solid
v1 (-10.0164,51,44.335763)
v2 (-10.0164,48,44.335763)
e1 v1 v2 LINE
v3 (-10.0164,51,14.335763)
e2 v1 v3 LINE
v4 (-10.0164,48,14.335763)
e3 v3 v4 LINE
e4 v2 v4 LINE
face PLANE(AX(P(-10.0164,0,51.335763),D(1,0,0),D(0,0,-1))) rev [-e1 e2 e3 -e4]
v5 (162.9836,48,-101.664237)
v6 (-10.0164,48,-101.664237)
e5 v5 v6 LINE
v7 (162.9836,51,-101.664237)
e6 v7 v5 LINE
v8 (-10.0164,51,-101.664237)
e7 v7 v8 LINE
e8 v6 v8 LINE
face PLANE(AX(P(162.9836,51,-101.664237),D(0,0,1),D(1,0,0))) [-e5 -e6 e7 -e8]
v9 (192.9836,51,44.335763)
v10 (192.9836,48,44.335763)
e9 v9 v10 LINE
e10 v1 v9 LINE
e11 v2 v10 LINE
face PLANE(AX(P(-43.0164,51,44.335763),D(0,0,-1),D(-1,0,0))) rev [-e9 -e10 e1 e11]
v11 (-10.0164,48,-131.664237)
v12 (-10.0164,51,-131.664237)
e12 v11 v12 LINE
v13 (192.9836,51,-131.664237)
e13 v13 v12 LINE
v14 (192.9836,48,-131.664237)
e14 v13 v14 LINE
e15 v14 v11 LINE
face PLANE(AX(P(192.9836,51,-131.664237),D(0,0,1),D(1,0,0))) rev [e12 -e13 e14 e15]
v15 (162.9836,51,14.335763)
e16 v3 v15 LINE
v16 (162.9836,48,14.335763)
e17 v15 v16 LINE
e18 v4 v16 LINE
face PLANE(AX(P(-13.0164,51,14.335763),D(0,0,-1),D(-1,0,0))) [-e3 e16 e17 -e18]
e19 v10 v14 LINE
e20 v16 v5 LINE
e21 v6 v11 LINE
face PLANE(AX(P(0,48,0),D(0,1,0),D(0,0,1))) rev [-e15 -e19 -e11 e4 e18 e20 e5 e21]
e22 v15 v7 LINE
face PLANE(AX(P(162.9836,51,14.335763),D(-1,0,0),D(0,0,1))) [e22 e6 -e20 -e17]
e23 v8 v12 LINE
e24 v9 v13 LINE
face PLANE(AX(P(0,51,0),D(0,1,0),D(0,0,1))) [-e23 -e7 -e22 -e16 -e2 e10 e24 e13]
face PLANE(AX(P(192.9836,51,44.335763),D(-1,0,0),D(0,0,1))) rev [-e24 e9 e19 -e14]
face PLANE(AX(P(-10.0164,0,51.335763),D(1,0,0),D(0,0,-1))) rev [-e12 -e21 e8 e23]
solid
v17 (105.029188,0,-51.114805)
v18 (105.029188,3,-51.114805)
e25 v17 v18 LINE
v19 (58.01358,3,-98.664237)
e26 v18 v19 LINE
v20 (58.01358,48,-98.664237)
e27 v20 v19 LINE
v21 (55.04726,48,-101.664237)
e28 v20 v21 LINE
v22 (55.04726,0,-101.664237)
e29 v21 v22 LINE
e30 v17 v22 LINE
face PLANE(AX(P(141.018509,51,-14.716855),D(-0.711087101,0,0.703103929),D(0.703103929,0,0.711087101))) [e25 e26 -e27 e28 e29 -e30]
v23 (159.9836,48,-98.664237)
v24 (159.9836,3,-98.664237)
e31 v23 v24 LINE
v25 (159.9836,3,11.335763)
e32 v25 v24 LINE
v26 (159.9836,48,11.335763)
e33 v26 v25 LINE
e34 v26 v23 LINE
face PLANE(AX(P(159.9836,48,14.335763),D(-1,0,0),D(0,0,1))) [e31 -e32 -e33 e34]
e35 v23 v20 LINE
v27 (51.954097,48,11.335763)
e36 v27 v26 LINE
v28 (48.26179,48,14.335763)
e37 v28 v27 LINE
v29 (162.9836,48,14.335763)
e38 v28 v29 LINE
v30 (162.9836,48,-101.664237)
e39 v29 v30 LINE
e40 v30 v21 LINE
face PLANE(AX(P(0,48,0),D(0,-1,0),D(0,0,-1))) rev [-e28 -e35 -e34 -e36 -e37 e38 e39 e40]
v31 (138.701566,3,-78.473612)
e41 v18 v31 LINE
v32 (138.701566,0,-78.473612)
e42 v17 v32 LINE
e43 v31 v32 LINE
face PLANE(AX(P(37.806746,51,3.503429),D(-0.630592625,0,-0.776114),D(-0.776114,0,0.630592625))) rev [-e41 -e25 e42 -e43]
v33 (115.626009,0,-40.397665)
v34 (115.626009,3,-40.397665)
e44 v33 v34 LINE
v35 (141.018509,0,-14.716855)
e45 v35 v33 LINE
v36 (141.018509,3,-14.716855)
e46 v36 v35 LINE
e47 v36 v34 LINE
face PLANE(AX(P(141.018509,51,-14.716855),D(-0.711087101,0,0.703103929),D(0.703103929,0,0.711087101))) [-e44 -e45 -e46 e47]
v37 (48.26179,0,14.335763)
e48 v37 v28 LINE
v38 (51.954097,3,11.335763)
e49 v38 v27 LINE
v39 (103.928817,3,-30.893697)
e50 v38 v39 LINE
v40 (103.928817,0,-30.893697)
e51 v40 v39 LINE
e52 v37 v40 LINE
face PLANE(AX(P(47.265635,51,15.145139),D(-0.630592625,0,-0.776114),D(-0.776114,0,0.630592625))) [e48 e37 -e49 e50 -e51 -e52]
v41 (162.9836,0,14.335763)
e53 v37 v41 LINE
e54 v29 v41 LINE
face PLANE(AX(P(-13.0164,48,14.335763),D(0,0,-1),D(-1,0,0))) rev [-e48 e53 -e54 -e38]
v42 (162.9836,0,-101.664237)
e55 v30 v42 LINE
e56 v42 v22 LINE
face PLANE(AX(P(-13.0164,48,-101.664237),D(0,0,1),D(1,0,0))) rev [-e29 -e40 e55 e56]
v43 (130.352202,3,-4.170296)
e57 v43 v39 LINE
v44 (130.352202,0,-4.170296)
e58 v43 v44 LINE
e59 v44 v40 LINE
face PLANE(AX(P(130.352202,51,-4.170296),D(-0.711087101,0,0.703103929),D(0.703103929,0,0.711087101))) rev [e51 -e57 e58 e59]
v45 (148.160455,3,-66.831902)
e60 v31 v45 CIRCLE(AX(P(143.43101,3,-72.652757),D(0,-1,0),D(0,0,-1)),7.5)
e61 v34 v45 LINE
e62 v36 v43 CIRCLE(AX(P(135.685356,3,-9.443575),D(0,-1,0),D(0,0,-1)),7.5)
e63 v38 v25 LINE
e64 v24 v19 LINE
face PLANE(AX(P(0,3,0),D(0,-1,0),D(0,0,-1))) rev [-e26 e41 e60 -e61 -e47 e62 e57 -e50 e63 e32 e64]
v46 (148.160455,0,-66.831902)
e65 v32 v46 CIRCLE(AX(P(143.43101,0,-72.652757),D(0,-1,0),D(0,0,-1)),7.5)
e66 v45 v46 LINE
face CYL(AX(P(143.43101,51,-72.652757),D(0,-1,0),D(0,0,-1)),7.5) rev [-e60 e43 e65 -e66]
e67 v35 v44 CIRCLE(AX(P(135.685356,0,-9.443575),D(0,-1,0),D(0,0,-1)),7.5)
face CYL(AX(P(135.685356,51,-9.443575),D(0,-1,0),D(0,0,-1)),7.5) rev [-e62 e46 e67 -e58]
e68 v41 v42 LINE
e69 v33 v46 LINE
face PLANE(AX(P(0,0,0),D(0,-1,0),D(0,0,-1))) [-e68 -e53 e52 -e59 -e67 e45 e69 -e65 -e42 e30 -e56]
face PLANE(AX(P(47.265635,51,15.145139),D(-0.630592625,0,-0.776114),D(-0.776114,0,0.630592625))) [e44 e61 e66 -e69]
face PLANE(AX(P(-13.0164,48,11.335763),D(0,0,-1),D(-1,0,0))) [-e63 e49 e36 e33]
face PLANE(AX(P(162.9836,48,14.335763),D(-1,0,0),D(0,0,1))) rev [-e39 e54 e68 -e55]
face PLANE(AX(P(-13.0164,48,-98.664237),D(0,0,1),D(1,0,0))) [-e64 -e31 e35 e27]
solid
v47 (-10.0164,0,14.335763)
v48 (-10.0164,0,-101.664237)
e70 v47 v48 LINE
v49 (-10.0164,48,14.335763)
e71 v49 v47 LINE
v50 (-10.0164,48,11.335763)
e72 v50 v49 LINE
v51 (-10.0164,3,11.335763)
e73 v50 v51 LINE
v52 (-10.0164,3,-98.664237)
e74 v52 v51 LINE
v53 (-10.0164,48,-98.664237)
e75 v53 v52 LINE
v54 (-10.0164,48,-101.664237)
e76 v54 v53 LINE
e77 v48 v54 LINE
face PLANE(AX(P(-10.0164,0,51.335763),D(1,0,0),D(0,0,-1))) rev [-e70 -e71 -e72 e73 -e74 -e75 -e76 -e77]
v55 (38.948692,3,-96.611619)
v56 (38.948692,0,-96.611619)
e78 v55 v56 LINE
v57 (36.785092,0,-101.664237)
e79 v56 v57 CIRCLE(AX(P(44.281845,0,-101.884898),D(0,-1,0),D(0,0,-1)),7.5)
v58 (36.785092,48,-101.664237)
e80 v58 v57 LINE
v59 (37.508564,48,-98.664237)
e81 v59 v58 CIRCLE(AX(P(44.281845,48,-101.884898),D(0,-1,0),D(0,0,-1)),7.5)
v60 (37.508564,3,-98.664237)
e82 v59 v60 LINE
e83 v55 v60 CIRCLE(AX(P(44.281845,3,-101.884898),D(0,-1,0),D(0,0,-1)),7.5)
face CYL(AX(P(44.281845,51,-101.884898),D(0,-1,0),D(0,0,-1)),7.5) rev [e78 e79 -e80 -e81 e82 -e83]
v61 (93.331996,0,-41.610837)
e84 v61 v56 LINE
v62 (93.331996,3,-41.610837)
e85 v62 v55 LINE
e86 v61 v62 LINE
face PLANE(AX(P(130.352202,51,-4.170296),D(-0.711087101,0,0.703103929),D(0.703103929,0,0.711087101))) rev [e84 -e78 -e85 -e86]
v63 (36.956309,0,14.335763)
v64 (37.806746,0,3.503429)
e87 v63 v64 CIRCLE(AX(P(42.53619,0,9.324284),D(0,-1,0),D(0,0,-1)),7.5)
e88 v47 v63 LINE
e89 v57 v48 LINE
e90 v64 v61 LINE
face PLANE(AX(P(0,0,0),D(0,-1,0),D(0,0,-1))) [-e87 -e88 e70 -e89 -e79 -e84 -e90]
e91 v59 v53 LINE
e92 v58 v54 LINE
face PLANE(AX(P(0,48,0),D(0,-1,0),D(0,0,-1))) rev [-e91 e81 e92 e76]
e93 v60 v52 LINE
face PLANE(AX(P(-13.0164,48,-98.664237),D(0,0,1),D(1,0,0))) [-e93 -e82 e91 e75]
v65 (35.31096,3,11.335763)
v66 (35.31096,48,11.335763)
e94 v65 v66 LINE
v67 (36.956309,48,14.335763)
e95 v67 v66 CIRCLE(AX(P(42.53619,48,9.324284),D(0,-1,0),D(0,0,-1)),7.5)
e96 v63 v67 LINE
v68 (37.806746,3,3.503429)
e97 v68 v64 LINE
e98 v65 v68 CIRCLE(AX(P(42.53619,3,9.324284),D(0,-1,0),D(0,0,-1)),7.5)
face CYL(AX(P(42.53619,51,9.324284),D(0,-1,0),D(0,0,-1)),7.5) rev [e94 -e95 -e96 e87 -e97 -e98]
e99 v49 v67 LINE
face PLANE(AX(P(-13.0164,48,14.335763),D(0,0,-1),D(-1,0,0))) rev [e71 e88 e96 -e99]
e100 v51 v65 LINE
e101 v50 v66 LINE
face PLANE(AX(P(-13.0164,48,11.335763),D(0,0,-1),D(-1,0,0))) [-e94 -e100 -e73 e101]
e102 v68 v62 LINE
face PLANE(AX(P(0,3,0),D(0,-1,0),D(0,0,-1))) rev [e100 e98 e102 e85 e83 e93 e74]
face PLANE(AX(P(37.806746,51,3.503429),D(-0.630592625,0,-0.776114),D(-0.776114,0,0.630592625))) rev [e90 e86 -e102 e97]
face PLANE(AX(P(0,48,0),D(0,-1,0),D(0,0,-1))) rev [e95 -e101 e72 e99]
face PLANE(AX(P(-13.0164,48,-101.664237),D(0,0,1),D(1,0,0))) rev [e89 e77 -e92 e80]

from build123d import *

# Parameters (mm, degrees)
SKETCH1_W           = 176
SKETCH1_H           = 116
BOSS_EXTRUDE1_DEPTH = 48
SHELL1_T            = -3
SKETCH2_W           = 236
SKETCH2_H           = 176
SKETCH2_W_2         = 176
SKETCH2_H_2         = 116
BOSS_EXTRUDE2_DEPTH = 3
CUT_EXTRUDE1_DEPTH  = 240.121603348
CUT_EXTRUDE2_DEPTH  = 240.121603348


with BuildPart() as part:
    # Sketch1 → Boss-Extrude1 (new body)
    with BuildSketch(Plane(origin=(0, 0, 0), x_dir=(1, 0, 0), z_dir=(0, 1, 0))):
        with Locations((74.983600324, 43.664236579)):
            Rectangle(SKETCH1_W, SKETCH1_H)
    extrude(amount=BOSS_EXTRUDE1_DEPTH)

    # Shell1
    shell1_openings = [part.faces().sort_by_distance(p)[0] for p in [
        (74.983600324, 48, -43.664236579),
    ]]
    offset(amount=SHELL1_T, openings=shell1_openings, kind=Kind.INTERSECTION)


with BuildPart() as body_2:
    # Sketch2 → Boss-Extrude2 (new body)
    with BuildSketch(Plane(origin=(0, 48, 0), x_dir=(1, 0, 0), z_dir=(0, 1, 0))):
        with Locations((74.983600324, 43.664236579)):
            Rectangle(SKETCH2_W, SKETCH2_H)
        with Locations((74.983600324, 43.664236579)):
            Rectangle(SKETCH2_W_2, SKETCH2_H_2, mode=Mode.SUBTRACT)
    extrude(amount=BOSS_EXTRUDE2_DEPTH)


with BuildPart() as cut_extrude1_tool:
    # Sketch5 → Cut-Extrude1 (new, through all)
    with BuildSketch(Plane(origin=(0, 51, 0), x_dir=(1, 0, 0), z_dir=(0, 1, 0))):
        Polygon((-10.016399676, -51.335763421), (-10.016399676, 131.664236579), (-43.016399676, 131.664236579), (-43.016399676, -84.335763421), (-10.016399676, -84.335763421), align=None)
    extrude(amount=-CUT_EXTRUDE1_DEPTH)


with BuildPart() as part_1:
    add(part.part)

    # Cut-Extrude1: cut by cut_extrude1_tool
    add(cut_extrude1_tool.part, mode=Mode.SUBTRACT)

    # Sketch6 → Cut-Extrude2 (cut, through all)
    with BuildSketch(Plane.XZ):
        with BuildLine():
            Line((47.265635004, 15.145139053), (148.160455019, -66.831902209))
            ThreePointArc((148.160455019, -66.831902209), (149.251865332, -77.382201898), (138.701565643, -78.473612211))
            Line((138.701565643, -78.473612211), (37.806745628, 3.503429052))
            ThreePointArc((37.806745628, 3.503429052), (36.715335315, 14.053728741), (47.265635004, 15.145139053))
        make_face()
        with BuildLine():
            Line((141.018508979, -14.716854507), (49.614998177, -107.158177589))
            ThreePointArc((49.614998177, -107.158177589), (39.008565453, -107.218051374), (38.948691668, -96.61161865))
            Line((38.948691668, -96.61161865), (130.35220247, -4.170295568))
            ThreePointArc((130.35220247, -4.170295568), (140.958635194, -4.110421783), (141.018508979, -14.716854507))
        make_face()
    extrude(amount=-CUT_EXTRUDE2_DEPTH, mode=Mode.SUBTRACT)


with BuildPart() as body_2_1:
    add(body_2.part)

    # Cut-Extrude1: cut by cut_extrude1_tool
    add(cut_extrude1_tool.part, mode=Mode.SUBTRACT)


with BuildPart() as cut_extrude2_piece_1:
    # of the separate pieces the step leaves, piece 1, a body of its own (cut_extrude2_pieces)
    add(part_1.part.solids().sort_by_distance((48.261789628, 0, 14.335763421))[0])


with BuildPart() as cut_extrude2_piece_2:
    # of the separate pieces the step leaves, piece 2, a body of its own (cut_extrude2_pieces)
    add(part_1.part.solids().sort_by_distance((-10.016399676, 0, 14.335763421))[0])


solid = Compound([body_2_1.part, cut_extrude2_piece_1.part, cut_extrude2_piece_2.part])
